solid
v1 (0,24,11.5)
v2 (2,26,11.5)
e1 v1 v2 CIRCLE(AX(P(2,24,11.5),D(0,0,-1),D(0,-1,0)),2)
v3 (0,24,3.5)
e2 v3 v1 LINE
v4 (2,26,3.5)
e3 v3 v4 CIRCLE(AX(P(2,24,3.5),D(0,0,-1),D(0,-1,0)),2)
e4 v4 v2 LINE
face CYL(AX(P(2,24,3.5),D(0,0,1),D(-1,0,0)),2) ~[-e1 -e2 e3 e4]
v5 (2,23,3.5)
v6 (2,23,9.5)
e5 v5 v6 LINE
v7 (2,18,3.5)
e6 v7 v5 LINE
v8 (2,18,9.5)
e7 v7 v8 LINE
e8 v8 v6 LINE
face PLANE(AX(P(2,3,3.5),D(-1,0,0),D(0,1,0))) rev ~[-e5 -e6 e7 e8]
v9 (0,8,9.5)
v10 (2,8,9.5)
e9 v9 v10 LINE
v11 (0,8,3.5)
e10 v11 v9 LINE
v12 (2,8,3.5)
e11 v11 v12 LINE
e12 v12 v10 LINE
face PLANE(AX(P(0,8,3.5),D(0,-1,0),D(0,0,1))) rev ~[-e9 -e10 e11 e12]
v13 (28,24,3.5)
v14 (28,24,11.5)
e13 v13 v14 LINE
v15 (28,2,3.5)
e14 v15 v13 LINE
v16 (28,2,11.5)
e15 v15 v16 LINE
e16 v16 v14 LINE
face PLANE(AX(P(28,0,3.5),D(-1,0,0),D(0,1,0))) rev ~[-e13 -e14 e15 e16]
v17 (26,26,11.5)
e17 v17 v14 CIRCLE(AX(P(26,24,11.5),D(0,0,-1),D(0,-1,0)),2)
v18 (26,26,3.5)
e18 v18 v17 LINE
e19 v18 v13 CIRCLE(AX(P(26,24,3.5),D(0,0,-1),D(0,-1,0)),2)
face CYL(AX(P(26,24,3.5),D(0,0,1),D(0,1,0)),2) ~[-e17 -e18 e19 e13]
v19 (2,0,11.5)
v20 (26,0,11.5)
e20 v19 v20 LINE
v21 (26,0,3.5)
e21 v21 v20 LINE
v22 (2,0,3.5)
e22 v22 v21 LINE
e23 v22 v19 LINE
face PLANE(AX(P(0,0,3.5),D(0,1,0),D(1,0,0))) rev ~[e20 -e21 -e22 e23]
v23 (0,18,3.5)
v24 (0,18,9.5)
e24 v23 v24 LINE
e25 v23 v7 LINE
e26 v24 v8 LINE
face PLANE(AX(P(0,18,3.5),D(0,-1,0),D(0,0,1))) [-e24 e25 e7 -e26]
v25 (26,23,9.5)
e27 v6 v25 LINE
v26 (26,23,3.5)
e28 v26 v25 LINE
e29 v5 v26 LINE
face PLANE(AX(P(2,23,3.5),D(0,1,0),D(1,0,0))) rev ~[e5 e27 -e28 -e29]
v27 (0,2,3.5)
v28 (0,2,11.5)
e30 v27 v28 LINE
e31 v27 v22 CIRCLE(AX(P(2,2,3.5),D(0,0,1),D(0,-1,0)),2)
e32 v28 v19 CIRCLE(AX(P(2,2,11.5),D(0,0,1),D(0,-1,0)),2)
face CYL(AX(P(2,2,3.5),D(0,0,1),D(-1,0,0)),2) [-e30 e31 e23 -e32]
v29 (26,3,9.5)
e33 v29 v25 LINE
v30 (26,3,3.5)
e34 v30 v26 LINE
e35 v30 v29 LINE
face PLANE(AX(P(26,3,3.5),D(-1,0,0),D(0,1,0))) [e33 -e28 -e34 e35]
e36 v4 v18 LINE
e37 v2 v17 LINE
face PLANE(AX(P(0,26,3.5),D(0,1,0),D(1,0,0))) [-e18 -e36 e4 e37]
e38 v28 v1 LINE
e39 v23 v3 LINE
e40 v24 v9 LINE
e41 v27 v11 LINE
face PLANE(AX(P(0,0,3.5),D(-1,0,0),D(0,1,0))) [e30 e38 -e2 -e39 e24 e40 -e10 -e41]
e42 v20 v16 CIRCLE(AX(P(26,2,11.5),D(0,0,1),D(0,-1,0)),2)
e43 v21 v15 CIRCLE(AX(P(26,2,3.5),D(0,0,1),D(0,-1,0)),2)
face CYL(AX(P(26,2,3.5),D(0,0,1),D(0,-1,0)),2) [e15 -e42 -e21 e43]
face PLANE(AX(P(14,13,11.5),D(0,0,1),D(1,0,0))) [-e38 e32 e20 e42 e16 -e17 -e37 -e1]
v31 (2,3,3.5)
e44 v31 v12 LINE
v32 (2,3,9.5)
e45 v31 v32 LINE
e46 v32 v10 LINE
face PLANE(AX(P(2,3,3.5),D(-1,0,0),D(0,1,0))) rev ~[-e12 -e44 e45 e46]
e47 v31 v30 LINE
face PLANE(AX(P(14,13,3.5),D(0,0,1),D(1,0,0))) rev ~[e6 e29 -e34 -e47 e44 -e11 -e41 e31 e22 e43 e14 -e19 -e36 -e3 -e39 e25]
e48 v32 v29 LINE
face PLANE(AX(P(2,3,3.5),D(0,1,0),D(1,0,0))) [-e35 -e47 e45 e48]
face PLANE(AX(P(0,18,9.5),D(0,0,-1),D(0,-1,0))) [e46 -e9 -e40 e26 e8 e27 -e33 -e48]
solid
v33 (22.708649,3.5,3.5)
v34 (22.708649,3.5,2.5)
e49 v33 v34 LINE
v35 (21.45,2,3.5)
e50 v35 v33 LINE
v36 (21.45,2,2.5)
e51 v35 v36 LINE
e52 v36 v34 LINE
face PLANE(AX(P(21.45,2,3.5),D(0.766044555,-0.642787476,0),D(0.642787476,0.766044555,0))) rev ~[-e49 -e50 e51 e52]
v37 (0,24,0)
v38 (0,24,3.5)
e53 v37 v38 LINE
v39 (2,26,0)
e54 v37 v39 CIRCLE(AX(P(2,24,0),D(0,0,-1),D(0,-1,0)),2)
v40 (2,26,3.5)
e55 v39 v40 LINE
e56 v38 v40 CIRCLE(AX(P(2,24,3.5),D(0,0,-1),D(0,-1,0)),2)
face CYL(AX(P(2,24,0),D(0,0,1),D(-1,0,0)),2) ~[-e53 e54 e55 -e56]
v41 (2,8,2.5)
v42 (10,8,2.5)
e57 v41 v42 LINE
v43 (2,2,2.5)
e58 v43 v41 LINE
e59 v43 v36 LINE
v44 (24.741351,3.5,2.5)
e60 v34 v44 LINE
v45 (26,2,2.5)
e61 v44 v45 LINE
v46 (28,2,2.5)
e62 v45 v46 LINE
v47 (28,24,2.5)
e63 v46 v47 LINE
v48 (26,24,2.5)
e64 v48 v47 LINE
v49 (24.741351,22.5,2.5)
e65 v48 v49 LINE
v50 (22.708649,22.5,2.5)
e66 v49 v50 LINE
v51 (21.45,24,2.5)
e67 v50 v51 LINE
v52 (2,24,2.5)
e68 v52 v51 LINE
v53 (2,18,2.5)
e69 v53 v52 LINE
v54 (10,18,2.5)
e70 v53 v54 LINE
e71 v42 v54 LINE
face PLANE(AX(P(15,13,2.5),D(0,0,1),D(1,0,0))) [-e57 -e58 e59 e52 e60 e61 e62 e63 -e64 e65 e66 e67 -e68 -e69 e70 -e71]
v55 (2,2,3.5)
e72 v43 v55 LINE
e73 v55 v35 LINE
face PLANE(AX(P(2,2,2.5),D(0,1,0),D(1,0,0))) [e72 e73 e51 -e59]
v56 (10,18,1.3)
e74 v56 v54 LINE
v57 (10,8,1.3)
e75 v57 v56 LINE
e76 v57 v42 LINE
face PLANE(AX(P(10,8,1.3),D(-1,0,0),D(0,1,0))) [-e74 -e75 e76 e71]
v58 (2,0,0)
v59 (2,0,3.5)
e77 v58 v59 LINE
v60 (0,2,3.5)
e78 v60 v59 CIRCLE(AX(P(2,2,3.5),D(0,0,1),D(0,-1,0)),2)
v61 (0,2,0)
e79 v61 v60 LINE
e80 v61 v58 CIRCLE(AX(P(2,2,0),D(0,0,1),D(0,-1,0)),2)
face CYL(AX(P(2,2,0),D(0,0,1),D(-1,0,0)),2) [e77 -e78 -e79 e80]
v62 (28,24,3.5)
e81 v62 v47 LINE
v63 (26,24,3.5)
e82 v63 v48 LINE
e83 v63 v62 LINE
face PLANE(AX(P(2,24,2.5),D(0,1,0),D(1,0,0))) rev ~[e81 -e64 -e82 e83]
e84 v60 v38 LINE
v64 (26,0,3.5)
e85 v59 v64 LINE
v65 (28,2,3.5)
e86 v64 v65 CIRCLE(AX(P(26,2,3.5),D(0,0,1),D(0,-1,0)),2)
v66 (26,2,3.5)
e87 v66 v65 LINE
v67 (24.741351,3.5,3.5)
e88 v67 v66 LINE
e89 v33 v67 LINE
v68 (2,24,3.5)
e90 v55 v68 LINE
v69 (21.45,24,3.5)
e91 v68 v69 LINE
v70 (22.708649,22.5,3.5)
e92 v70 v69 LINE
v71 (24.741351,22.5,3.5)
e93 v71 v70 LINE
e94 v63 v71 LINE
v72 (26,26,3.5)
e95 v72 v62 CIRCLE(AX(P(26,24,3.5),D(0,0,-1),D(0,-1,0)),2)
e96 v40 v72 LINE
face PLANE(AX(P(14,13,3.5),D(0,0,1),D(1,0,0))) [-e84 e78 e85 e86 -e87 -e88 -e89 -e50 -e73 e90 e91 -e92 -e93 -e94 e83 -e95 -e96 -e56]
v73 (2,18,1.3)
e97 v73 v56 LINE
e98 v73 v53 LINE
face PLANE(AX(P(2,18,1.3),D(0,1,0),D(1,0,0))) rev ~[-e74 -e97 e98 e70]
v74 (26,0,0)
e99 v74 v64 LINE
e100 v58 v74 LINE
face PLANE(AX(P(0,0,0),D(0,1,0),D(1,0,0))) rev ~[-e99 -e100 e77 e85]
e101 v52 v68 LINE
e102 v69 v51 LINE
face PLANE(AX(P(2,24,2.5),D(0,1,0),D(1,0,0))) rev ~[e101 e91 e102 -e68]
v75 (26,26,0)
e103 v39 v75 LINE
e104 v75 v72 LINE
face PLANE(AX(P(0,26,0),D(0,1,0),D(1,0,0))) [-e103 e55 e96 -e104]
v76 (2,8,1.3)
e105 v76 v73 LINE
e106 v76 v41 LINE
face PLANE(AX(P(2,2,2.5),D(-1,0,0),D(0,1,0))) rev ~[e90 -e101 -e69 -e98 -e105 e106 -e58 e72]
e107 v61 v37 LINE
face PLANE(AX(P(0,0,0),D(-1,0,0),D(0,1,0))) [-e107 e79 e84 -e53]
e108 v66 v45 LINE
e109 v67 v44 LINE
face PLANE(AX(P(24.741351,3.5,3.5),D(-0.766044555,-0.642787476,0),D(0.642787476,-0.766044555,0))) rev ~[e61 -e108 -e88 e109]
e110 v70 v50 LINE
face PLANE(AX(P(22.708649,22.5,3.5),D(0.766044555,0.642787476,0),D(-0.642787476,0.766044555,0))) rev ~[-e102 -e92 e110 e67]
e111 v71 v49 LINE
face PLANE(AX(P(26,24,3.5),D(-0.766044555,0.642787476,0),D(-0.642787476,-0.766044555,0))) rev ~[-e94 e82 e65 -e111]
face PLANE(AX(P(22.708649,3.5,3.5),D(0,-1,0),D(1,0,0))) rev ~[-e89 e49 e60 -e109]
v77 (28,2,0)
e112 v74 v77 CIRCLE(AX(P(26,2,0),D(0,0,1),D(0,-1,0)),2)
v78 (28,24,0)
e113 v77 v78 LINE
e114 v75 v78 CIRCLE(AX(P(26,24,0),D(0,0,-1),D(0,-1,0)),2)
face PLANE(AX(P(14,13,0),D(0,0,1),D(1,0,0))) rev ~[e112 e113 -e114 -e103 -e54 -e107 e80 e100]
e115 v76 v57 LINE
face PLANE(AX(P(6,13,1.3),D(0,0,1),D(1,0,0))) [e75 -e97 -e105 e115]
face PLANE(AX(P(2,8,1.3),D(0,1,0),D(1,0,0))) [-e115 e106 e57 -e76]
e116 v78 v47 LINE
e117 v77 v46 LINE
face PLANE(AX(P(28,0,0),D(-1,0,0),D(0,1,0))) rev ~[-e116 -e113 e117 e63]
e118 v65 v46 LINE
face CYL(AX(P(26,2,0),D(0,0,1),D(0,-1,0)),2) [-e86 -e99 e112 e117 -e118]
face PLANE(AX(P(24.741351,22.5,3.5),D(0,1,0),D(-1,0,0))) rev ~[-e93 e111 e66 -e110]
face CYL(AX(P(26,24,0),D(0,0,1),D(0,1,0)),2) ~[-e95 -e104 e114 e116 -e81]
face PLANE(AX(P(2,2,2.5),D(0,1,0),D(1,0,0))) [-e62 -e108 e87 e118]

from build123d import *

# Parameters (mm, degrees)
BOX004_W        = 24
BOX004_H        = 20
BOX004_DEPTH    = 6
BOX003_W        = 28
BOX003_H        = 26
BOX003_DEPTH    = 8
SKETCH001_W     = 10
SKETCH001_H     = 6
POCKET001_DEPTH = 2
FILLET_R        = 2
BOX002_W        = 8
BOX002_H        = 10
BOX002_DEPTH    = 1.2
BOX001_W        = 26
BOX001_H        = 22
BOX001_DEPTH    = 1
POCKET_DEPTH    = 1
BOX_W           = 28
BOX_H           = 26
BOX_DEPTH       = 3.5
FILLET001_R     = 2


with BuildPart() as w_rfel004:
    # Box004 → Box004 (new body)
    with BuildSketch(Plane(origin=(2, 3, 3.5), x_dir=(1, 0, 0), z_dir=(0, 0, 1))):
        with Locations((12, 10)):
            Rectangle(BOX004_W, BOX004_H)
    extrude(amount=BOX004_DEPTH)


with BuildPart() as fillet_body:
    # Box003 → Box003 (new body)
    with BuildSketch(Plane.XY.offset(3.5)):
        with Locations((14, 13)):
            Rectangle(BOX003_W, BOX003_H)
    extrude(amount=BOX003_DEPTH)

    # Cut002: cut Würfel004
    add(w_rfel004.part, mode=Mode.SUBTRACT)

    # Sketch001 → Pocket001 (cut)
    with BuildSketch(Plane(origin=(0, 0, 0), x_dir=(0, -1, 0), z_dir=(-1, 0, 0))):
        with Locations((-13, 6.5)):
            Rectangle(SKETCH001_W, SKETCH001_H)
    extrude(amount=-POCKET001_DEPTH, mode=Mode.SUBTRACT)

    # Fillet
    fillet_edges = [fillet_body.edges().sort_by_distance(p)[0] for p in [
        (28, 26, 7.5),
        (0, 26, 7.5),
        (28, 0, 7.5),
        (0, 0, 7.5),
    ]]
    fillet(fillet_edges, radius=FILLET_R)


with BuildPart() as w_rfel002:
    # Box002 → Box002 (new body)
    with BuildSketch(Plane(origin=(2, 8, 1.3), x_dir=(1, 0, 0), z_dir=(0, 0, 1))):
        with Locations((4, 5)):
            Rectangle(BOX002_W, BOX002_H)
    extrude(amount=BOX002_DEPTH)


with BuildPart() as pocket:
    # Box001 → Box001 (new body)
    with BuildSketch(Plane(origin=(2, 2, 2.5), x_dir=(1, 0, 0), z_dir=(0, 0, 1))):
        with Locations((13, 11)):
            Rectangle(BOX001_W, BOX001_H)
    extrude(amount=BOX001_DEPTH)

    # Sketch → Pocket (cut)
    with BuildSketch(Plane(origin=(2, 2, 3.5), x_dir=(1, 0, 0), z_dir=(0, 0, 1))):
        Polygon((24, 22), (22.741351, 20.5), (20.708649, 20.5), (19.45, 22), align=None)
        Polygon((19.45, 0), (20.708649, 1.5), (22.741351, 1.5), (24, 0), align=None)
    extrude(amount=-POCKET_DEPTH, mode=Mode.SUBTRACT)


with BuildPart() as fillet001:
    # Box → Box (new body)
    with BuildSketch(Plane.XY):
        with Locations((14, 13)):
            Rectangle(BOX_W, BOX_H)
    extrude(amount=BOX_DEPTH)

    # Cut: cut Pocket
    add(pocket.part, mode=Mode.SUBTRACT)

    # Cut001: cut Würfel002
    add(w_rfel002.part, mode=Mode.SUBTRACT)

    # Fillet001
    fillet001_edges = [fillet001.edges().sort_by_distance(p)[0] for p in [
        (28, 26, 1.75),
        (28, 0, 1.75),
        (0, 0, 1.75),
        (0, 26, 1.75),
    ]]
    fillet(fillet001_edges, radius=FILLET001_R)


solid = Compound([fillet_body.part, fillet001.part])
